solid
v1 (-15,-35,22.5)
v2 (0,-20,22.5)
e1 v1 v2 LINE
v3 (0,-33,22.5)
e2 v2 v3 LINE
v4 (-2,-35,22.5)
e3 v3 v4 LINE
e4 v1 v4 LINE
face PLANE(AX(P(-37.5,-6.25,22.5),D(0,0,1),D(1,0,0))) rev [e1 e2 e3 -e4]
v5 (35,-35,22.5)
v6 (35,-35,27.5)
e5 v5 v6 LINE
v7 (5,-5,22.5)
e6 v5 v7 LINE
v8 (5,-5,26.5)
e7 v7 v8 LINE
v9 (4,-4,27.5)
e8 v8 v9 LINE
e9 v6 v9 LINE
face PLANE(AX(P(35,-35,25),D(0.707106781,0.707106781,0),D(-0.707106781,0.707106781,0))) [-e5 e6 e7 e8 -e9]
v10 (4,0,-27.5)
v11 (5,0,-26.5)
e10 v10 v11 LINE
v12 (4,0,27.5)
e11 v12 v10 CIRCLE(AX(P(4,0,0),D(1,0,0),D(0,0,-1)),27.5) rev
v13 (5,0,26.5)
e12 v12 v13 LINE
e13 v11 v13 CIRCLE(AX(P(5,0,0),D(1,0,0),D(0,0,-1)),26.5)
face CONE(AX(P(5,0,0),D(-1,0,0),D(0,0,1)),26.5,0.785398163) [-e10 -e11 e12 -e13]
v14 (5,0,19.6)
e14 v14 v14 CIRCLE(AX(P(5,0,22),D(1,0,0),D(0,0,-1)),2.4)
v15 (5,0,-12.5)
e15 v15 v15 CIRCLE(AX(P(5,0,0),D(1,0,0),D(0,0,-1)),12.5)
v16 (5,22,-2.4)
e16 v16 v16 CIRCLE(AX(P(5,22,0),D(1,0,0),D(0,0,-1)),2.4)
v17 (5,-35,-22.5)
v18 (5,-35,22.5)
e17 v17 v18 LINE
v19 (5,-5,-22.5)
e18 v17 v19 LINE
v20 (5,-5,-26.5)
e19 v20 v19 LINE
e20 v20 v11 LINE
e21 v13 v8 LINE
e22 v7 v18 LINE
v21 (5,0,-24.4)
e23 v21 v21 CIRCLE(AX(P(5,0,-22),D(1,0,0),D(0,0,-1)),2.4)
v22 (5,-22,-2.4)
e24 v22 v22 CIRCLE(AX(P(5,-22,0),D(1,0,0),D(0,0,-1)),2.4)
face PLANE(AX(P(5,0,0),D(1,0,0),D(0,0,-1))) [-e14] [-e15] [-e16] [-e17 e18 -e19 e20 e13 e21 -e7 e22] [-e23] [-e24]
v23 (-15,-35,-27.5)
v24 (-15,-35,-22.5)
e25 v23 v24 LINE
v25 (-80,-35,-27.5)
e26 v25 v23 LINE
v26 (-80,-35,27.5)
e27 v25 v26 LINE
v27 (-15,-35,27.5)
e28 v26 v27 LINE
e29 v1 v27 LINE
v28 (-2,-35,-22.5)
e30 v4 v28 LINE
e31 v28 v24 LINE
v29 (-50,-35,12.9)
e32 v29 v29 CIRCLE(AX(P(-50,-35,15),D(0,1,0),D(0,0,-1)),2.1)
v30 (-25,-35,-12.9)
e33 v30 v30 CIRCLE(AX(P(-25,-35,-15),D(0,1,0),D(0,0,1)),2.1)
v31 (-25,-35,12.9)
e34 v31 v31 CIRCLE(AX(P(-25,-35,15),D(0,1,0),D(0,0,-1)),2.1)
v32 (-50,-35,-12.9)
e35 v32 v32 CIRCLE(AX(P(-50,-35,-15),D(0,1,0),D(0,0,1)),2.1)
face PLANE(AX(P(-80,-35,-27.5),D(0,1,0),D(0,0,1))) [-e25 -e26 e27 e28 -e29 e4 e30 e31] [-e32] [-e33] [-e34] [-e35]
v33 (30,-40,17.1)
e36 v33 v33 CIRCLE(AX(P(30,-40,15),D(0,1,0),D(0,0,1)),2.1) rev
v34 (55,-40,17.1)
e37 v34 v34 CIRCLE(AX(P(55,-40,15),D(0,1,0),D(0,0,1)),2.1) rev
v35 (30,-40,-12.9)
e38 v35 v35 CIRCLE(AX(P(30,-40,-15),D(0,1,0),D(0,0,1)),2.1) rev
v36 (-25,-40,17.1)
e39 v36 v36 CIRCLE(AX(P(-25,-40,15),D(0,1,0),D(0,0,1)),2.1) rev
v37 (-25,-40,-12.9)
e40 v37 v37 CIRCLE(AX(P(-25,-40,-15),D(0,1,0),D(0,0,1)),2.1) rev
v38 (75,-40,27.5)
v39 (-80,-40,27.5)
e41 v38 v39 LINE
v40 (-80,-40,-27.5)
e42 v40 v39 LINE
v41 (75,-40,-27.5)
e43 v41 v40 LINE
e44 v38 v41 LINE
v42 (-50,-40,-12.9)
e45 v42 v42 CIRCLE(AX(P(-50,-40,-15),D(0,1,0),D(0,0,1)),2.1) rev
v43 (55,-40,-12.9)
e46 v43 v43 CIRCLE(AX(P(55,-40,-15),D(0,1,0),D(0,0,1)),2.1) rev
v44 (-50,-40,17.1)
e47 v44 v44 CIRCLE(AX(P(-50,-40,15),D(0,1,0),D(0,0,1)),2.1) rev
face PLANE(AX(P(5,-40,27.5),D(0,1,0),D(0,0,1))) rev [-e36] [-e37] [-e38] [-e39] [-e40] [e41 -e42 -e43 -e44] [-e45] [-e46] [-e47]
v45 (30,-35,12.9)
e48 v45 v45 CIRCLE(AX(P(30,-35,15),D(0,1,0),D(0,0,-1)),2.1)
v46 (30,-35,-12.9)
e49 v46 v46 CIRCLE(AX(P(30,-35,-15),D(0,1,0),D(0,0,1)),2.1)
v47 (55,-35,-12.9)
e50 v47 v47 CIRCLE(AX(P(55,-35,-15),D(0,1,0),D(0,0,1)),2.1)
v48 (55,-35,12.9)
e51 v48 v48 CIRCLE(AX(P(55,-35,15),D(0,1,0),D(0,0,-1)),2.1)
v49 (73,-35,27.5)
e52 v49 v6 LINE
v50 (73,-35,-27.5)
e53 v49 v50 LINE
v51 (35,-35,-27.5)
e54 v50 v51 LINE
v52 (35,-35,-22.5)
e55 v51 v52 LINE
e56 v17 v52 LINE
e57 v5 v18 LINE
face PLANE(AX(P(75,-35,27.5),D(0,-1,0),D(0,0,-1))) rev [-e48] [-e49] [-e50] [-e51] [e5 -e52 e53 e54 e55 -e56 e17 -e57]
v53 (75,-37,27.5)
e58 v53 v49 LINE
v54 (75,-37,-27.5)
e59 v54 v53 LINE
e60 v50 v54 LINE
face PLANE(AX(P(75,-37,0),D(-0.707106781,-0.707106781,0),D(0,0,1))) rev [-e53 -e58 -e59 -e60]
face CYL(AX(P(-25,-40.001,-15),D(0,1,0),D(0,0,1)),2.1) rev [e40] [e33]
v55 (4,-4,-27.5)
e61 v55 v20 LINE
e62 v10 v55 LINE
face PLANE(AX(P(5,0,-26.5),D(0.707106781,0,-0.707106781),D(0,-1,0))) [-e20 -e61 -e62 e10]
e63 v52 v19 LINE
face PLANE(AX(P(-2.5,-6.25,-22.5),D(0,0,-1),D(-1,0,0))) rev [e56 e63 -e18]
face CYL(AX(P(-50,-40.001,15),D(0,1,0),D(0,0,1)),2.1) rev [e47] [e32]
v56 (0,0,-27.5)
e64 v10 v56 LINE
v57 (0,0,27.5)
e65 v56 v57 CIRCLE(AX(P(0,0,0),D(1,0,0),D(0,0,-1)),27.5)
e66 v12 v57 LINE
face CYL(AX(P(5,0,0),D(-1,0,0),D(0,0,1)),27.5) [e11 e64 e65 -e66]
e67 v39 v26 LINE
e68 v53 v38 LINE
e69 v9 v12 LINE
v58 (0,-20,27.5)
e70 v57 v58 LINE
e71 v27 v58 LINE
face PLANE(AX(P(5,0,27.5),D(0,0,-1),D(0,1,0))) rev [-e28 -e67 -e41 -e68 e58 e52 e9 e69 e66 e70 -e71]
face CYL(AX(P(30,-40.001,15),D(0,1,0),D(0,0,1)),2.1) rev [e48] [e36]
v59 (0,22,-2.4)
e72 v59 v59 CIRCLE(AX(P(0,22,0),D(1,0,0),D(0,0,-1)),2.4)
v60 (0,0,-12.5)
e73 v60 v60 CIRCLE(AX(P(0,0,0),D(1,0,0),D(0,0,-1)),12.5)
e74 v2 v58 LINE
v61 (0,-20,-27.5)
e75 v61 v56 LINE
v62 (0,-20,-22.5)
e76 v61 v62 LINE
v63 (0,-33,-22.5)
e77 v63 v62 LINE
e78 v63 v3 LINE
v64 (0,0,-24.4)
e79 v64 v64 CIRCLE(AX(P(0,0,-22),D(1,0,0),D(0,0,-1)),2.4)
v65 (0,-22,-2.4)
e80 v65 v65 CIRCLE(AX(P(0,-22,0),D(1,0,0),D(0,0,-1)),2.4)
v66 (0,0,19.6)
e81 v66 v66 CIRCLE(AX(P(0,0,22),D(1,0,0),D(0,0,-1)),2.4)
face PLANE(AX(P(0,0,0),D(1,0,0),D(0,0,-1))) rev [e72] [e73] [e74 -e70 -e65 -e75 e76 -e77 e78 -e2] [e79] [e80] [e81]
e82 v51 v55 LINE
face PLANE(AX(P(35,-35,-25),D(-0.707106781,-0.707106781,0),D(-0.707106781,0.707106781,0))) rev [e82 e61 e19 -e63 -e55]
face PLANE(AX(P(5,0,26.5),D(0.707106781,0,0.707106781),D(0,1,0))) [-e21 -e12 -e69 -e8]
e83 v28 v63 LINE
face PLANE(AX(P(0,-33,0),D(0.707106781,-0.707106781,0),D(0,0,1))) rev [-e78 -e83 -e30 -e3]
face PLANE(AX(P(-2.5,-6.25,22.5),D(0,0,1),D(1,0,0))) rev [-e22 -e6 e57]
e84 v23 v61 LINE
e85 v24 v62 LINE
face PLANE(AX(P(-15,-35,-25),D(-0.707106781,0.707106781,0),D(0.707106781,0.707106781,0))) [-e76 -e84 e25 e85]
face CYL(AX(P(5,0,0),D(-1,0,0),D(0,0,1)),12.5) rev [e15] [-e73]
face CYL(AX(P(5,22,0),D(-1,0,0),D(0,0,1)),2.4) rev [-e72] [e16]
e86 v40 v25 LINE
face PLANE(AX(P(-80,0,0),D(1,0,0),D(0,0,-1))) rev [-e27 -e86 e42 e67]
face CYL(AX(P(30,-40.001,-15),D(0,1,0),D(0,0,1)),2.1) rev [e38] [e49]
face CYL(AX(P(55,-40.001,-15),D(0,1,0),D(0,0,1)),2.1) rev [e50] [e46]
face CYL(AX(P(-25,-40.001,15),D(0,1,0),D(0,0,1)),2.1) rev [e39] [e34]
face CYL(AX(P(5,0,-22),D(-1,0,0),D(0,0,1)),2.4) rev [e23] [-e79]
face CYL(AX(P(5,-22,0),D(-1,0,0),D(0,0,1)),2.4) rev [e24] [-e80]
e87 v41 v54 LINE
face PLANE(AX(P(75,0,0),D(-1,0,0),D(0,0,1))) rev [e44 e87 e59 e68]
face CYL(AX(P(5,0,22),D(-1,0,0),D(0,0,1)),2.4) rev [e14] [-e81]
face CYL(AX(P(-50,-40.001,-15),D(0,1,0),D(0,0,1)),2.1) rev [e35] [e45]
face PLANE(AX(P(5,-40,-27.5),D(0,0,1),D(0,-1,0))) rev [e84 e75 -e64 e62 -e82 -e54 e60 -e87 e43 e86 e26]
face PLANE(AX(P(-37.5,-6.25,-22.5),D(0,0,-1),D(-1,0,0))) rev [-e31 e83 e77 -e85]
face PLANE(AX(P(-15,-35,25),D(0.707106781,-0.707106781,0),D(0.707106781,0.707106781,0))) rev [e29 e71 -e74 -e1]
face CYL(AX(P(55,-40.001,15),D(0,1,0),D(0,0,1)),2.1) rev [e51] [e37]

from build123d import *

# Parameters (mm, degrees)
SKETCH_1_R          = 12.5
SKETCH_1_R_2        = 2.4
EXTRUDE_1_DEPTH     = 5
SKETCH_2_W          = 55
SKETCH_2_H          = 5
EXTRUDE_2_DEPTH     = 80
RIB_1_REACH         = 105.712
SKETCH_3_WALL_W     = 230.637888562
SKETCH_3_WALL_H     = 5
CHAMFER_2_SIZE      = 2
SKETCH_4_W          = 55
SKETCH_4_H          = 5
EXTRUDE_3_DEPTH     = 70
RIB_6_REACH         = 105.712
SKETCH_5_WALL_W     = 251.851091998
SKETCH_5_WALL_H     = 5
CUT_EXTRUDE_1_REACH = 107.178
SKETCH_6_R          = 2.1
CHAMFER_3_SIZE      = 1
CHAMFER_4_SIZE      = 2


with BuildPart() as part:
    # 草图1 → 凸台-拉伸1 (new body)
    with BuildSketch(Plane(origin=(0, 0, 0), x_dir=(0, 0, -1), z_dir=(1, 0, 0))):
        with BuildLine():
            Line((-27.5, 0), (-27.5, -40))
            Line((-27.5, -40), (27.5, -40))
            Line((27.5, -40), (27.5, 0))
            ThreePointArc((27.5, 0), (0, 27.5), (-27.5, 0))
        make_face()
        Circle(SKETCH_1_R, mode=Mode.SUBTRACT)
        with Locations((0, 22)):
            Circle(SKETCH_1_R_2, mode=Mode.SUBTRACT)
        with Locations((22, 0)):
            Circle(SKETCH_1_R_2, mode=Mode.SUBTRACT)
        with Locations((0, -22)):
            Circle(SKETCH_1_R_2, mode=Mode.SUBTRACT)
        with Locations((-22, 0)):
            Circle(SKETCH_1_R_2, mode=Mode.SUBTRACT)
    extrude(amount=EXTRUDE_1_DEPTH)

    # 草图2 → 凸台-拉伸2 (add)
    with BuildSketch(Plane.ZY):
        with Locations((0, -37.5)):
            Rectangle(SKETCH_2_W, SKETCH_2_H)
    extrude(amount=EXTRUDE_2_DEPTH)

    # 草图3 wall → 筋1 (add, up to next)
    with BuildSketch(Plane(origin=(-7.5, -27.5, 25), x_dir=(0.707106781187, 0.707106781187, 0), z_dir=(-0.707106781187, 0.707106781187, 0)), mode=Mode.PRIVATE) as rib_1_sk1:
        Rectangle(SKETCH_3_WALL_W, SKETCH_3_WALL_H)
    rib_1_tool1 = extrude(rib_1_sk1.sketch, amount=-RIB_1_REACH, mode=Mode.PRIVATE) - part.part
    rib_1 = rib_1_tool1.solids().sort_by_distance((-7.5, -27.5, 25))[0]
    add(rib_1)

    # 镜向1: 筋1 across plane
    add(rib_1.mirror(Plane.XY))

    # 倒角2
    chamfer_2_edges = [part.edges().sort_by_distance(p)[0] for p in [
        (0, -35, 0),
    ]]
    chamfer(chamfer_2_edges, length=CHAMFER_2_SIZE)

    # 草图4 → 凸台-拉伸3 (add)
    with BuildSketch(Plane(origin=(5, 0, 0), x_dir=(0, 0, -1), z_dir=(1, 0, 0))):
        with Locations((0, -37.5)):
            Rectangle(SKETCH_4_W, SKETCH_4_H)
    extrude(amount=EXTRUDE_3_DEPTH)

    # 草图5 wall → 筋6 (add, up to next)
    with BuildSketch(Plane(origin=(20, -20, 25), x_dir=(-0.707106781187, 0.707106781187, 0), z_dir=(-0.707106781187, -0.707106781187, 0)), mode=Mode.PRIVATE) as rib_6_sk1:
        Rectangle(SKETCH_5_WALL_W, SKETCH_5_WALL_H)
    rib_6_tool1 = extrude(rib_6_sk1.sketch, amount=RIB_6_REACH, mode=Mode.PRIVATE) - part.part
    rib_6 = rib_6_tool1.solids().sort_by_distance((20, -20, 25))[0]
    add(rib_6)

    # 镜向2: 筋6 across plane
    add(rib_6.mirror(Plane.XY))

    # 草图6 → 切除-拉伸1 (cut, up to next)
    with BuildSketch(Plane(origin=(0, -35, 0), x_dir=(1, 0, 0), z_dir=(0, 1, 0)), mode=Mode.PRIVATE) as cut_extrude_1_sk1:
        with Locations(Location((30, 15, 0), (0, 0, 270))):
            Circle(SKETCH_6_R)
    cut_extrude_1_tool1 = extrude(cut_extrude_1_sk1.sketch, amount=-CUT_EXTRUDE_1_REACH, mode=Mode.PRIVATE) & part.part
    # 草图6 → 切除-拉伸1 (cut, up to next)
    with BuildSketch(Plane(origin=(0, -35, 0), x_dir=(1, 0, 0), z_dir=(0, 1, 0)), mode=Mode.PRIVATE) as cut_extrude_1_sk2:
        with Locations(Location((55, 15, 0), (0, 0, 270))):
            Circle(SKETCH_6_R)
    cut_extrude_1_tool2 = extrude(cut_extrude_1_sk2.sketch, amount=-CUT_EXTRUDE_1_REACH, mode=Mode.PRIVATE) & part.part
    # 草图6 → 切除-拉伸1 (cut, up to next)
    with BuildSketch(Plane(origin=(0, -35, 0), x_dir=(1, 0, 0), z_dir=(0, 1, 0)), mode=Mode.PRIVATE) as cut_extrude_1_sk3:
        with Locations(Location((-50, 15, 0), (0, 0, 270))):
            Circle(SKETCH_6_R)
    cut_extrude_1_tool3 = extrude(cut_extrude_1_sk3.sketch, amount=-CUT_EXTRUDE_1_REACH, mode=Mode.PRIVATE) & part.part
    # 草图6 → 切除-拉伸1 (cut, up to next)
    with BuildSketch(Plane(origin=(0, -35, 0), x_dir=(1, 0, 0), z_dir=(0, 1, 0)), mode=Mode.PRIVATE) as cut_extrude_1_sk4:
        with Locations(Location((-25, 15, 0), (0, 0, 270))):
            Circle(SKETCH_6_R)
    cut_extrude_1_tool4 = extrude(cut_extrude_1_sk4.sketch, amount=-CUT_EXTRUDE_1_REACH, mode=Mode.PRIVATE) & part.part
    # 草图6 → 切除-拉伸1 (cut, up to next)
    with BuildSketch(Plane(origin=(0, -35, 0), x_dir=(1, 0, 0), z_dir=(0, 1, 0)), mode=Mode.PRIVATE) as cut_extrude_1_sk5:
        with Locations(Location((55, -15, 0), (0, 0, 270))):
            Circle(SKETCH_6_R)
    cut_extrude_1_tool5 = extrude(cut_extrude_1_sk5.sketch, amount=-CUT_EXTRUDE_1_REACH, mode=Mode.PRIVATE) & part.part
    # 草图6 → 切除-拉伸1 (cut, up to next)
    with BuildSketch(Plane(origin=(0, -35, 0), x_dir=(1, 0, 0), z_dir=(0, 1, 0)), mode=Mode.PRIVATE) as cut_extrude_1_sk6:
        with Locations(Location((30, -15, 0), (0, 0, 270))):
            Circle(SKETCH_6_R)
    cut_extrude_1_tool6 = extrude(cut_extrude_1_sk6.sketch, amount=-CUT_EXTRUDE_1_REACH, mode=Mode.PRIVATE) & part.part
    # 草图6 → 切除-拉伸1 (cut, up to next)
    with BuildSketch(Plane(origin=(0, -35, 0), x_dir=(1, 0, 0), z_dir=(0, 1, 0)), mode=Mode.PRIVATE) as cut_extrude_1_sk7:
        with Locations(Location((-25, -15, 0), (0, 0, 270))):
            Circle(SKETCH_6_R)
    cut_extrude_1_tool7 = extrude(cut_extrude_1_sk7.sketch, amount=-CUT_EXTRUDE_1_REACH, mode=Mode.PRIVATE) & part.part
    # 草图6 → 切除-拉伸1 (cut, up to next)
    with BuildSketch(Plane(origin=(0, -35, 0), x_dir=(1, 0, 0), z_dir=(0, 1, 0)), mode=Mode.PRIVATE) as cut_extrude_1_sk8:
        with Locations(Location((-50, -15, 0), (0, 0, 270))):
            Circle(SKETCH_6_R)
    cut_extrude_1_tool8 = extrude(cut_extrude_1_sk8.sketch, amount=-CUT_EXTRUDE_1_REACH, mode=Mode.PRIVATE) & part.part
    add(cut_extrude_1_tool1.solids().sort_by_distance((30, -35, -15))[0], mode=Mode.SUBTRACT)
    add(cut_extrude_1_tool2.solids().sort_by_distance((55, -35, -15))[0], mode=Mode.SUBTRACT)
    add(cut_extrude_1_tool3.solids().sort_by_distance((-50, -35, -15))[0], mode=Mode.SUBTRACT)
    add(cut_extrude_1_tool4.solids().sort_by_distance((-25, -35, -15))[0], mode=Mode.SUBTRACT)
    add(cut_extrude_1_tool5.solids().sort_by_distance((55, -35, 15))[0], mode=Mode.SUBTRACT)
    add(cut_extrude_1_tool6.solids().sort_by_distance((30, -35, 15))[0], mode=Mode.SUBTRACT)
    add(cut_extrude_1_tool7.solids().sort_by_distance((-25, -35, 15))[0], mode=Mode.SUBTRACT)
    add(cut_extrude_1_tool8.solids().sort_by_distance((-50, -35, 15))[0], mode=Mode.SUBTRACT)

    # 倒角3
    chamfer_3_edges = [part.edges().sort_by_distance(p)[0] for p in [
        (5, -2.5, -27.5),
        (5, 27.5, 0),
        (5, -2.5, 27.5),
    ]]
    chamfer(chamfer_3_edges, length=CHAMFER_3_SIZE)

    # 倒角4
    chamfer_4_edges = [part.edges().sort_by_distance(p)[0] for p in [
        (75, -35, 0),
    ]]
    chamfer(chamfer_4_edges, length=CHAMFER_4_SIZE)


solid = part.part
